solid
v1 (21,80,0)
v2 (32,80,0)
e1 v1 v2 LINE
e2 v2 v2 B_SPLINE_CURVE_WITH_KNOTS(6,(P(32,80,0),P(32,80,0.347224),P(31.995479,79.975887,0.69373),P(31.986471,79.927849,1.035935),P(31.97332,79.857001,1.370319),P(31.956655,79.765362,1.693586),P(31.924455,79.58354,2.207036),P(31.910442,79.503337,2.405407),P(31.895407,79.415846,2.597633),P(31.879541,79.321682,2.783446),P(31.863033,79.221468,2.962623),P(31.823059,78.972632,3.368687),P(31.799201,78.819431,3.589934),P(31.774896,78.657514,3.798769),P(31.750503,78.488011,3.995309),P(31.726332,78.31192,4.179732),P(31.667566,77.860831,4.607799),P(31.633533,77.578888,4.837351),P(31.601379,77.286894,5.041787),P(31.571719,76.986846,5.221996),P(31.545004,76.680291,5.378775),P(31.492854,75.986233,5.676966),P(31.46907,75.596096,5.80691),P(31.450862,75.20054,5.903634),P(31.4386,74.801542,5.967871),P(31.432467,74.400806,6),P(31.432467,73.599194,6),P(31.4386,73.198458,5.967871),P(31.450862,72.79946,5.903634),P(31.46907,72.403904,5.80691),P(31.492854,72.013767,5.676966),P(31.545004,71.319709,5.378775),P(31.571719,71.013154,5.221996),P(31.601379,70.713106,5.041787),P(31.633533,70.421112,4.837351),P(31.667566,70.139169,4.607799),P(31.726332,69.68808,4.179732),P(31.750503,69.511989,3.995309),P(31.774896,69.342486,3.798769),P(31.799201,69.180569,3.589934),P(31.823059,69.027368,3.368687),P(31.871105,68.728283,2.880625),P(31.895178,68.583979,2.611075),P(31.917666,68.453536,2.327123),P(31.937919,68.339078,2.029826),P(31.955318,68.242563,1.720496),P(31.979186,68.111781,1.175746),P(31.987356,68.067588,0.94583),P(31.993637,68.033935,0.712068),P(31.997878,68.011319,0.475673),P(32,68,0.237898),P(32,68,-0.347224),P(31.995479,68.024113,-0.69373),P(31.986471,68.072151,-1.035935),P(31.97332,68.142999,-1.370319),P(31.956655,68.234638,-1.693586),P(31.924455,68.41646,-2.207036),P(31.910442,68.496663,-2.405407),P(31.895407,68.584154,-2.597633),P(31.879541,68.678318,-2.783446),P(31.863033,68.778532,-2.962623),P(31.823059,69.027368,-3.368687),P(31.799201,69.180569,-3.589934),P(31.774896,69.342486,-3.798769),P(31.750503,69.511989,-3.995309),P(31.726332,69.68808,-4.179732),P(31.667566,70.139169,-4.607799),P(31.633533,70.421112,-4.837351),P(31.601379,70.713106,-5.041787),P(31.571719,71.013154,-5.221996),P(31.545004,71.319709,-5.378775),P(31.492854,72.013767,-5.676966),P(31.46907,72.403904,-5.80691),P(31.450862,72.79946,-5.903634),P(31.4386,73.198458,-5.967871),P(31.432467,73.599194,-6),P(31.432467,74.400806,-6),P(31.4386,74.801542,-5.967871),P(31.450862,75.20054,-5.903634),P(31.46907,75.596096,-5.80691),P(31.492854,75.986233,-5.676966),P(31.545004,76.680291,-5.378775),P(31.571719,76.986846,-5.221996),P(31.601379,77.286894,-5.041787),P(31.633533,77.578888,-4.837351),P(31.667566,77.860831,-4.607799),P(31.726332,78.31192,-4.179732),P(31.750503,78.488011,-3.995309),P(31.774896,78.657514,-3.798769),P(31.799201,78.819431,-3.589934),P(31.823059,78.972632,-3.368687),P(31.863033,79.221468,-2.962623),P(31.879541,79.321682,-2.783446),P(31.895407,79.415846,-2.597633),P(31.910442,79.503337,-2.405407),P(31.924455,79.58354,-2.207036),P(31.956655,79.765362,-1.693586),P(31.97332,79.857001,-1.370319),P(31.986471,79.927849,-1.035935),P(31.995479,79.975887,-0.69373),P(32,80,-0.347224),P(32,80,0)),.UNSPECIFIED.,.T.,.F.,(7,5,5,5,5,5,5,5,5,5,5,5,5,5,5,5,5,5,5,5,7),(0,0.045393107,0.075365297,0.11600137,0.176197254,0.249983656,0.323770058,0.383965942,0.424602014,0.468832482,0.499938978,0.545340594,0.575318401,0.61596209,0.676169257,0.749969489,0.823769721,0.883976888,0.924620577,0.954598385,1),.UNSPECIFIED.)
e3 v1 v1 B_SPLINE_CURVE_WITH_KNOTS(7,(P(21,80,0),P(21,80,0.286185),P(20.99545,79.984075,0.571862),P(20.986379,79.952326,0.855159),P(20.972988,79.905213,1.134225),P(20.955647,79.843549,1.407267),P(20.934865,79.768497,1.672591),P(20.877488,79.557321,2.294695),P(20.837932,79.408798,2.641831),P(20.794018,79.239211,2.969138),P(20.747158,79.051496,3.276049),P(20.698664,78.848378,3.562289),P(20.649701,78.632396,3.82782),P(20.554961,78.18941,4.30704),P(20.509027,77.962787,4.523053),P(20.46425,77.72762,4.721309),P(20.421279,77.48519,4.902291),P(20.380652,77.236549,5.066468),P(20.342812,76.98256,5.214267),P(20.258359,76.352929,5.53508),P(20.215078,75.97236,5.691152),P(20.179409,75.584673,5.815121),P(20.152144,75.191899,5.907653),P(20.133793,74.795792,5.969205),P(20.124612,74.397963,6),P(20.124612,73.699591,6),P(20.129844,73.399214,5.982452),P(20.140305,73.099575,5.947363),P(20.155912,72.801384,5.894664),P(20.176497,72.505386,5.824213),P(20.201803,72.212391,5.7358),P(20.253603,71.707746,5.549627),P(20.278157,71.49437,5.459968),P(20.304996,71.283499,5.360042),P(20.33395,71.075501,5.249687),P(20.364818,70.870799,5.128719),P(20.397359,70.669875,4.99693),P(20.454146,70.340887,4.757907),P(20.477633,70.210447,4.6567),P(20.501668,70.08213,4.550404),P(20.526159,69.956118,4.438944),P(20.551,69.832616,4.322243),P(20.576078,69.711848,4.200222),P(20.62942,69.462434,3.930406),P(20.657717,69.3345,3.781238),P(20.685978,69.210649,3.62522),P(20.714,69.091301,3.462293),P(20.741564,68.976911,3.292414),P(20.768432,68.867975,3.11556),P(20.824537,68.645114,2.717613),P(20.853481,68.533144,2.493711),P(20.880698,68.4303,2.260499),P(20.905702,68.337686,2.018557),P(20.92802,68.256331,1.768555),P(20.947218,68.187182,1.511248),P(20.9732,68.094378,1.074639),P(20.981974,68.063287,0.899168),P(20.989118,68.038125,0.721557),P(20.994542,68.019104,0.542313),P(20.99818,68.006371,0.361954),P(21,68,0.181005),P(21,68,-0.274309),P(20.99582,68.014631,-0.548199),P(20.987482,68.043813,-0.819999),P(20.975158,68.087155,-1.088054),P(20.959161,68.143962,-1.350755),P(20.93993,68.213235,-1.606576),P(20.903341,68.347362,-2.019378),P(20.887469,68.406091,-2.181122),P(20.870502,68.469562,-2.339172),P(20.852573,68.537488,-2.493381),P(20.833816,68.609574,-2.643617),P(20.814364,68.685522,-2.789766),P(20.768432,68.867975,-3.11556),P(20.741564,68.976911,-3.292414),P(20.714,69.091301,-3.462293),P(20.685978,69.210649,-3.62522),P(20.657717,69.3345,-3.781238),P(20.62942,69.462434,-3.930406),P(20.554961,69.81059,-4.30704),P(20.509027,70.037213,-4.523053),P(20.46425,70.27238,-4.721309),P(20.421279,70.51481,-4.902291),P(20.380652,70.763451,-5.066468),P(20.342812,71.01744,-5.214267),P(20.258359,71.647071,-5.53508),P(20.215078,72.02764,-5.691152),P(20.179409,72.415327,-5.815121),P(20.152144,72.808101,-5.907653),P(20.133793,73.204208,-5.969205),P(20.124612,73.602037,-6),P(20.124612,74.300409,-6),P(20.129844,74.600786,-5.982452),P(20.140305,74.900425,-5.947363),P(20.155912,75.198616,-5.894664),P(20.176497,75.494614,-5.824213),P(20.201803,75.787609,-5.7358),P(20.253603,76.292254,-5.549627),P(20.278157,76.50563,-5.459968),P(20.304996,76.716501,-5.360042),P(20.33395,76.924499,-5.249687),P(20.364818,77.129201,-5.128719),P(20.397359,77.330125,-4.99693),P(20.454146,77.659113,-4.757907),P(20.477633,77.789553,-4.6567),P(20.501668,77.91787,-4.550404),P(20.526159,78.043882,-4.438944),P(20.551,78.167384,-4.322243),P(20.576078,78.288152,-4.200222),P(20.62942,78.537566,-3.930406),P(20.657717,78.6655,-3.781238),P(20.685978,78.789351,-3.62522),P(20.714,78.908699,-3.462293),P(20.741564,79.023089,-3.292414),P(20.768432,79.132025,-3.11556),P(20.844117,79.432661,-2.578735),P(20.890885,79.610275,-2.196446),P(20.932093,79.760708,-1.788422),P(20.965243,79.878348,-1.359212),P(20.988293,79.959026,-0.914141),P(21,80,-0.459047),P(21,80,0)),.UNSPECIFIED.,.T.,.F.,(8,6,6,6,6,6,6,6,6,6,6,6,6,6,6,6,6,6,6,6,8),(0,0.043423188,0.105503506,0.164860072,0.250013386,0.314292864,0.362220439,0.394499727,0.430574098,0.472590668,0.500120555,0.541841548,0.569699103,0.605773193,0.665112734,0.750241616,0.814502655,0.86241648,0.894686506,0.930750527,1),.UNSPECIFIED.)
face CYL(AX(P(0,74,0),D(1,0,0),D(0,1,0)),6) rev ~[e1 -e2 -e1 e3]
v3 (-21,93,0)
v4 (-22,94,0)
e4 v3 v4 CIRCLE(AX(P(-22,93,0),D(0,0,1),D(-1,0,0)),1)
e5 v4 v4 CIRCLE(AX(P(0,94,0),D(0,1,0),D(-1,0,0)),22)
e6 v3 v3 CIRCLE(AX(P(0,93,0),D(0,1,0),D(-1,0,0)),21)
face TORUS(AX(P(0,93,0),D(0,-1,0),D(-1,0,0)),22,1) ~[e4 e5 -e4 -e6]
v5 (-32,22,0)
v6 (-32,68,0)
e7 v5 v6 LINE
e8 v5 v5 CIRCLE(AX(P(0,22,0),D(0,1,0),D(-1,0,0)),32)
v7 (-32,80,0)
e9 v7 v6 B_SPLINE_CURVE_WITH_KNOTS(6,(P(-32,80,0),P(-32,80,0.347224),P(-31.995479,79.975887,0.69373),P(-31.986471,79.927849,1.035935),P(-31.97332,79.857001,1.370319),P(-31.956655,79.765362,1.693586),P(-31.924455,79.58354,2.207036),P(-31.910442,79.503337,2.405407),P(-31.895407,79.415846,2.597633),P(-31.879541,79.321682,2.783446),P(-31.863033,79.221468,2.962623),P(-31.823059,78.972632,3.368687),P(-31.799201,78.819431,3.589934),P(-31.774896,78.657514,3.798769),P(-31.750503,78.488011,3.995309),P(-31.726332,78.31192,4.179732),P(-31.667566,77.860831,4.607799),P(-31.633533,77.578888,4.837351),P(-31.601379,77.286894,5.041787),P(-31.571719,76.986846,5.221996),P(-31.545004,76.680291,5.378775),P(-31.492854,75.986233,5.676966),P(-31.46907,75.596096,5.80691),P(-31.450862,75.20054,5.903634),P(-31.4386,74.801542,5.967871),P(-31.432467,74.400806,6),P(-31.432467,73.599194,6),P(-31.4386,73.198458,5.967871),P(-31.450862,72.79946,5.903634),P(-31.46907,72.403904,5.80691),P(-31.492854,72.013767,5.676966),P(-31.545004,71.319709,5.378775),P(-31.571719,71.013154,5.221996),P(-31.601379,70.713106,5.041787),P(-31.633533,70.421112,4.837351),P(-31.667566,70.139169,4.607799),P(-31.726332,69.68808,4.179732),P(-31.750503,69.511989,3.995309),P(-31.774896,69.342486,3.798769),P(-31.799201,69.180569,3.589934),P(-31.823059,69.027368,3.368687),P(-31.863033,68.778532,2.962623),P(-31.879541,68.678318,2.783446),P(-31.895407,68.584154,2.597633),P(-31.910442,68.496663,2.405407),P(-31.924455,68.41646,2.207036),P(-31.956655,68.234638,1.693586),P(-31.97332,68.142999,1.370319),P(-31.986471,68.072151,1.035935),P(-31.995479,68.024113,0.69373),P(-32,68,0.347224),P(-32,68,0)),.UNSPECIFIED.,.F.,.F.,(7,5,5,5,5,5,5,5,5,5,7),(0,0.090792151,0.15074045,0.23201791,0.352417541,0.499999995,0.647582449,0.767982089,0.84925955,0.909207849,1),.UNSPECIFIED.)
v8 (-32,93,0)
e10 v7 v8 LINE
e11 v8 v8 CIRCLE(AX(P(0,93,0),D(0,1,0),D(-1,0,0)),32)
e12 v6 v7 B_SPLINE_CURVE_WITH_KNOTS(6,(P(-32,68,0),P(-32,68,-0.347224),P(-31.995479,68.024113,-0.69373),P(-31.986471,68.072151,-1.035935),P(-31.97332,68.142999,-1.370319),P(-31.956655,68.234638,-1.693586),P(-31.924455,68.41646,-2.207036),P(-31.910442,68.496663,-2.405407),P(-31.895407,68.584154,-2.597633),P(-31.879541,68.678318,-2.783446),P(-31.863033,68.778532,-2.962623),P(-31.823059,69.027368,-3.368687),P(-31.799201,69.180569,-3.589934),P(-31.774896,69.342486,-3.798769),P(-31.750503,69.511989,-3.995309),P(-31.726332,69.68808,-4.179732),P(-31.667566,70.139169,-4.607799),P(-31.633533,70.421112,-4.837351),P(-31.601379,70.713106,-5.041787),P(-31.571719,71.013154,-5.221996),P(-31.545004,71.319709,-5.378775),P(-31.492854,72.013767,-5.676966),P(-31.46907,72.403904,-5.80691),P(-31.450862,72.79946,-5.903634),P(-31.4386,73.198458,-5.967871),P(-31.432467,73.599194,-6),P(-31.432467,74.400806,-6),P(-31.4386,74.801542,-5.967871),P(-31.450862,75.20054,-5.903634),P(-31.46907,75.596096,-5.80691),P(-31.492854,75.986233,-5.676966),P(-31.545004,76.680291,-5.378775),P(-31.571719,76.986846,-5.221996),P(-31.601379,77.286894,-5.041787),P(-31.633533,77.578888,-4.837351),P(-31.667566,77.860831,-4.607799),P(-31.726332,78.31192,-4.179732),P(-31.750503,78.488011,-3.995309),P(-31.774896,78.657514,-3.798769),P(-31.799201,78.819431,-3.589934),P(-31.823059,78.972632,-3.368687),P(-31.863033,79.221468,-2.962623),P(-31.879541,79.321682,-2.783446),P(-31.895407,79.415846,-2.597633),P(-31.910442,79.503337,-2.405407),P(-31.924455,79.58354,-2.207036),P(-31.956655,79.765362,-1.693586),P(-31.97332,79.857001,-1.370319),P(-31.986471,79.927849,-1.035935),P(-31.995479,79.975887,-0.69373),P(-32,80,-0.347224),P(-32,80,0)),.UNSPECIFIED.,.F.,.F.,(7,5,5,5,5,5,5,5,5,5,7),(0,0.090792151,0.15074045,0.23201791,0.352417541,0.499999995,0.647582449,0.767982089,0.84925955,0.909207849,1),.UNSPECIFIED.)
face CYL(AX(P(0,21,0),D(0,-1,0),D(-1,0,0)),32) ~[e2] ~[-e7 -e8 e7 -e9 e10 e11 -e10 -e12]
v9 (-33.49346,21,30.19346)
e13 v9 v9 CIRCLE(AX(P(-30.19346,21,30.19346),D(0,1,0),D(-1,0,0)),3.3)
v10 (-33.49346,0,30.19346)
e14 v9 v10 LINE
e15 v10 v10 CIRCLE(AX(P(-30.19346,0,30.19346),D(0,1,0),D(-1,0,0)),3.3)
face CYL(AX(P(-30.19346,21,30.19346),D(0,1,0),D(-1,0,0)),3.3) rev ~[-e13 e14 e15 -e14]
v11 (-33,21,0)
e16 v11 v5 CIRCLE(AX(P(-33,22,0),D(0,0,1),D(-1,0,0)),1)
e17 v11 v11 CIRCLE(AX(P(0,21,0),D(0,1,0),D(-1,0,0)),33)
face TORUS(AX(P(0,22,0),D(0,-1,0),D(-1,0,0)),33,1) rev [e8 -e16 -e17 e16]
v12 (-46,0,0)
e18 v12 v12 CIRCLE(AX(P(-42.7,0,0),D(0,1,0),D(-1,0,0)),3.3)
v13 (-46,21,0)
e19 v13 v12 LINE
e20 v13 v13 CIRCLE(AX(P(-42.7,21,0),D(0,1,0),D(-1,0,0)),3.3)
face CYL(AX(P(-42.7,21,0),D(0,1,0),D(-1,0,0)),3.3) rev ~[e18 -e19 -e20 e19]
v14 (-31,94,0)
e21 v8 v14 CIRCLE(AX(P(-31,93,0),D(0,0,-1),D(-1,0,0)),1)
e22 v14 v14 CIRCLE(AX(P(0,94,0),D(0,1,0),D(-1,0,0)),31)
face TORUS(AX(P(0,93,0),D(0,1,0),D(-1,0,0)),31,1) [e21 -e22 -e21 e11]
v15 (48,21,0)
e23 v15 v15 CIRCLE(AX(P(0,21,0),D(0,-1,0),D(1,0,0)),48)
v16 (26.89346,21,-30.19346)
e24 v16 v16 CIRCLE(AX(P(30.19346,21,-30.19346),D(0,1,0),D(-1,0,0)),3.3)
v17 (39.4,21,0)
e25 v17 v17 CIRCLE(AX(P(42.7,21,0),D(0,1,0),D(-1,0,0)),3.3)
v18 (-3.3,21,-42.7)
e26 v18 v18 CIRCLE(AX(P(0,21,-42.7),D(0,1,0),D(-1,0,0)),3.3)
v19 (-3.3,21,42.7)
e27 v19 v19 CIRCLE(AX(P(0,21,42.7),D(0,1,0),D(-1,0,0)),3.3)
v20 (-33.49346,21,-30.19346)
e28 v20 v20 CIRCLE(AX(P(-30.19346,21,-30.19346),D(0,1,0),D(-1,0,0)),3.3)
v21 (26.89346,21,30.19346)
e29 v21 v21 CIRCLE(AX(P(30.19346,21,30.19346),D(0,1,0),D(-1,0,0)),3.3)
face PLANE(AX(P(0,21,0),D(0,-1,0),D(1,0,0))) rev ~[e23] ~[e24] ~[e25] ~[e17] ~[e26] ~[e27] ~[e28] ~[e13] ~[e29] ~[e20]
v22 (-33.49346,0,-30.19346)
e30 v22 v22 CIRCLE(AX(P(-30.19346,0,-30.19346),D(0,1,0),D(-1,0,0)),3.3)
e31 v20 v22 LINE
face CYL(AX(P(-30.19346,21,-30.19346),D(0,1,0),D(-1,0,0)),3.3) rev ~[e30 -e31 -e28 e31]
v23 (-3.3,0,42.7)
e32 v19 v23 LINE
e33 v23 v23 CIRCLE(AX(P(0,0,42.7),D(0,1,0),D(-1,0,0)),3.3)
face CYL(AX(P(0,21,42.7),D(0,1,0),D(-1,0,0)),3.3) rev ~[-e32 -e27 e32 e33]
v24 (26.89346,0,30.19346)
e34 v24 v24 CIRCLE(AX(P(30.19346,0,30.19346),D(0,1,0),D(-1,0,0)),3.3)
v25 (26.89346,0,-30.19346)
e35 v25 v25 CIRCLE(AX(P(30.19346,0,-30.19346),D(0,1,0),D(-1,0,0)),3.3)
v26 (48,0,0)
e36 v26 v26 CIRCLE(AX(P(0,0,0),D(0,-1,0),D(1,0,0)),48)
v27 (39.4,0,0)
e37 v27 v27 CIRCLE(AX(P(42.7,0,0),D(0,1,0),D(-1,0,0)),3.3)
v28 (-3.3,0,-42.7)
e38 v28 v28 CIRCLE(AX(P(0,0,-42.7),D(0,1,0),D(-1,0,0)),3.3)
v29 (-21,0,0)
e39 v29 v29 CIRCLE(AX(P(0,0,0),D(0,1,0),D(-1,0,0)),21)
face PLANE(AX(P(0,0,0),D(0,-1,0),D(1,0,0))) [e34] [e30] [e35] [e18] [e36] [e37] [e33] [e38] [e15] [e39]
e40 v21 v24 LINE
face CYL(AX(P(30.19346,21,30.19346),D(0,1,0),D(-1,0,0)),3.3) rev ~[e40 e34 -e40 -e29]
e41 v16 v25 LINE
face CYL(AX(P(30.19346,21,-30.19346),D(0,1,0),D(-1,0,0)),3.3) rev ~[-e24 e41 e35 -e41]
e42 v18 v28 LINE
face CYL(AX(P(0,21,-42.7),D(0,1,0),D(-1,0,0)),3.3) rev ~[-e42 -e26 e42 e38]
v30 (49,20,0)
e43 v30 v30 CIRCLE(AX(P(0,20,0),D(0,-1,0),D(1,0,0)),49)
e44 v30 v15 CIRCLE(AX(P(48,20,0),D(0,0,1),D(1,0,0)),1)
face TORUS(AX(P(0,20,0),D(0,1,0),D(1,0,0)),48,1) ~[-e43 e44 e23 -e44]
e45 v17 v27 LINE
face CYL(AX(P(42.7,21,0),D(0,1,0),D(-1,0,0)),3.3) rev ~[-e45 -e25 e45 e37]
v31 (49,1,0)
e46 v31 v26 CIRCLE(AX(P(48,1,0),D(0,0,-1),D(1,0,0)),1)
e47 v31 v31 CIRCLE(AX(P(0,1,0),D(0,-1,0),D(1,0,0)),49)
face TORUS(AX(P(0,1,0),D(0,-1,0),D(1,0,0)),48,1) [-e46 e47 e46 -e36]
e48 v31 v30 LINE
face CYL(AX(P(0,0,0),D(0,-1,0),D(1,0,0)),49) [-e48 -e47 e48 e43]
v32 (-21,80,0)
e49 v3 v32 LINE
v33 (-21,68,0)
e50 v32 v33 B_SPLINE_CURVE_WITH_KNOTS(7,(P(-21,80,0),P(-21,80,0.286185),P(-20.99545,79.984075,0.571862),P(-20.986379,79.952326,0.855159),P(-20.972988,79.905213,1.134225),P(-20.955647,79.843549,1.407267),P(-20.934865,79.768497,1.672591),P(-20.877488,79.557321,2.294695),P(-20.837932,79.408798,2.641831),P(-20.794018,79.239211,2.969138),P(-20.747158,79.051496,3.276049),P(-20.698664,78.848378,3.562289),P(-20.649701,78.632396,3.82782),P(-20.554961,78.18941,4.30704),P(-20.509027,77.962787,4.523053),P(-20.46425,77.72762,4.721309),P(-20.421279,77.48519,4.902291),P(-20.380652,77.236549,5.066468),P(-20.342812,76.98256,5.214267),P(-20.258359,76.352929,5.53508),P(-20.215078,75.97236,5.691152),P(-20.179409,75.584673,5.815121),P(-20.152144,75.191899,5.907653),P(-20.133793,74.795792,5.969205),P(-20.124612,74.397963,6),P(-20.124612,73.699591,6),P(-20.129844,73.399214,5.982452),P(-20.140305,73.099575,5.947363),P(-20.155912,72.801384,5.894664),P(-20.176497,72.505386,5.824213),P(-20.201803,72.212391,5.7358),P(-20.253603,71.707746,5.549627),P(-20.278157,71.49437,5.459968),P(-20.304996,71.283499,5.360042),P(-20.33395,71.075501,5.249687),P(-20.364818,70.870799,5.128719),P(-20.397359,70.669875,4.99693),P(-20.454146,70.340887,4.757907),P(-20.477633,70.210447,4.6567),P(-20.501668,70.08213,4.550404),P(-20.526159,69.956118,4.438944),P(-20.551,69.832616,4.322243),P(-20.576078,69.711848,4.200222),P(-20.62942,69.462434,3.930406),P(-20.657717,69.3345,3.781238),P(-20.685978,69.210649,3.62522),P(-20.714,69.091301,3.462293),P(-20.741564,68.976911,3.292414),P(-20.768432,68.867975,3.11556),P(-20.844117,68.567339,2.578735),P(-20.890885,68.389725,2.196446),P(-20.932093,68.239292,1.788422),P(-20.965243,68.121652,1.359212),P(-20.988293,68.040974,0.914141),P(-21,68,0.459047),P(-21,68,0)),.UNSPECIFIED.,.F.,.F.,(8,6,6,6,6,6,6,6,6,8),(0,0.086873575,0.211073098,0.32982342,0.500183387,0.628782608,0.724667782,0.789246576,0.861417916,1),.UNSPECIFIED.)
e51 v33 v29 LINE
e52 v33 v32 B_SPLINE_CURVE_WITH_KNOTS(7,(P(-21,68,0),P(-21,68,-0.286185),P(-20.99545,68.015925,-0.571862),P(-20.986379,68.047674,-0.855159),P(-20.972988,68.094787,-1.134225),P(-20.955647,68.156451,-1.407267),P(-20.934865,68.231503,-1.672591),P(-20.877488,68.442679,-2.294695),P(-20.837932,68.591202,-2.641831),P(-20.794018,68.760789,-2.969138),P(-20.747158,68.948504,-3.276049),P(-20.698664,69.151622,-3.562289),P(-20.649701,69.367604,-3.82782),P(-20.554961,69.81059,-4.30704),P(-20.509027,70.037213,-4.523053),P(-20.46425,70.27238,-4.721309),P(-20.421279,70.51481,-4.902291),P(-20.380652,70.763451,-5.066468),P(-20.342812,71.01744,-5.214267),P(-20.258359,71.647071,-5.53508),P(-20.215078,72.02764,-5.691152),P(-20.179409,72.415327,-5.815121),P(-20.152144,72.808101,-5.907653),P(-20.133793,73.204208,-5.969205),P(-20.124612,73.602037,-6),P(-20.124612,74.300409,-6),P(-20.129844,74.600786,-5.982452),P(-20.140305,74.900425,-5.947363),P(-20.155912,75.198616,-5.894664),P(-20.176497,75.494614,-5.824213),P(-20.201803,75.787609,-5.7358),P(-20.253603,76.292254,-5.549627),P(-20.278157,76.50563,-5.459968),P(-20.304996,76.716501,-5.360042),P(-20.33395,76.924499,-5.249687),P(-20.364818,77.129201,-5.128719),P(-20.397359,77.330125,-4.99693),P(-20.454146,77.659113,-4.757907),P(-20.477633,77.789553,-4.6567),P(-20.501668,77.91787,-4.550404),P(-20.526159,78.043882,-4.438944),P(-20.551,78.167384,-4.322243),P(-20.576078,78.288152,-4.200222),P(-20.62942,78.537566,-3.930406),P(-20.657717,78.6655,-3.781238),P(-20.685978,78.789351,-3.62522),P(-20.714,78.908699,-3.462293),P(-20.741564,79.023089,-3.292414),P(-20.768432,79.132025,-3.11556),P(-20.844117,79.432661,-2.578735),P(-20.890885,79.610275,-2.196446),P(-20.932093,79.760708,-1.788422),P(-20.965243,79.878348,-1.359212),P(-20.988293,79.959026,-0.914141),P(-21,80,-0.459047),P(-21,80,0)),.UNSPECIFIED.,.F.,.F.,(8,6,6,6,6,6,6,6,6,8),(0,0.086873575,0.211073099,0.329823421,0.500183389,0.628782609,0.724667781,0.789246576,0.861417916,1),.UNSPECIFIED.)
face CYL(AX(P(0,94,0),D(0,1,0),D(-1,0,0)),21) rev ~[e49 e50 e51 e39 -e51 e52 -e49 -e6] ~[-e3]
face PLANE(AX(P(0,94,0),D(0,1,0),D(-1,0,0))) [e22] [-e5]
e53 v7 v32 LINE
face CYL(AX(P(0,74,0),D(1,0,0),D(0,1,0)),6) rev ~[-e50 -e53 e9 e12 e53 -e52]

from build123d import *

# Parameters (mm, degrees)
F0_R     = 49
F1_DEPTH = 21
F2_R     = 32
F3_DEPTH = 73
F4_R     = 21
F5_DEPTH = 95
F6_R     = 3.3
F7_DEPTH = 22
F8_R     = 6
F9_DEPTH = 32.5
F10_R    = 1


with BuildPart() as f1:
    # F0 (on Front) → F1 (new body)
    with BuildSketch(Plane.XZ):
        Circle(F0_R)
    extrude(amount=-F1_DEPTH)

    # F2 (on face) → F3 (join)
    with BuildSketch(Plane(origin=(0, 21, 0), x_dir=(-1, 0, 0), z_dir=(0, 1, 0))):
        Circle(F2_R)
    extrude(amount=F3_DEPTH)

    # F4 (on face) → F5 (cut)
    with BuildSketch(Plane(origin=(0, 94, 0), x_dir=(-1, 0, 0), z_dir=(0, 1, 0))):
        Circle(F4_R)
    extrude(amount=-F5_DEPTH, mode=Mode.SUBTRACT)

    # F6 (on face) → F7 (cut)
    with BuildSketch(Plane(origin=(0, 21, 0), x_dir=(-1, 0, 0), z_dir=(0, 1, 0))):
        with Locations((-30.19346, 30.19346)):
            Circle(F6_R)
        with Locations((0, 42.7)):
            Circle(F6_R)
        with Locations((30.19346, 30.19346)):
            Circle(F6_R)
        with Locations((-30.19346, -30.19346)):
            Circle(F6_R)
        with Locations((0, -42.7)):
            Circle(F6_R)
        with Locations((30.19346, -30.19346)):
            Circle(F6_R)
        with Locations((-42.7, 0)):
            Circle(F6_R)
        with Locations((42.7, 0)):
            Circle(F6_R)
    extrude(amount=-F7_DEPTH, mode=Mode.SUBTRACT)

    # F8 (on Right) → F9 (cut, symmetric)
    with BuildSketch(Plane.YZ):
        with Locations((74, 0)):
            Circle(F8_R)
    extrude(amount=F9_DEPTH, both=True, mode=Mode.SUBTRACT)

    # F10
    f10_edges = [f1.edges().sort_by_distance(p)[0] for p in [
        (-49, 0, 0),
        (-49, 21, 0),
        (32, 94, 0),
        (21, 94, 0),
        (32, 21, 0),
    ]]
    fillet(f10_edges, radius=F10_R)


solid = f1.part
